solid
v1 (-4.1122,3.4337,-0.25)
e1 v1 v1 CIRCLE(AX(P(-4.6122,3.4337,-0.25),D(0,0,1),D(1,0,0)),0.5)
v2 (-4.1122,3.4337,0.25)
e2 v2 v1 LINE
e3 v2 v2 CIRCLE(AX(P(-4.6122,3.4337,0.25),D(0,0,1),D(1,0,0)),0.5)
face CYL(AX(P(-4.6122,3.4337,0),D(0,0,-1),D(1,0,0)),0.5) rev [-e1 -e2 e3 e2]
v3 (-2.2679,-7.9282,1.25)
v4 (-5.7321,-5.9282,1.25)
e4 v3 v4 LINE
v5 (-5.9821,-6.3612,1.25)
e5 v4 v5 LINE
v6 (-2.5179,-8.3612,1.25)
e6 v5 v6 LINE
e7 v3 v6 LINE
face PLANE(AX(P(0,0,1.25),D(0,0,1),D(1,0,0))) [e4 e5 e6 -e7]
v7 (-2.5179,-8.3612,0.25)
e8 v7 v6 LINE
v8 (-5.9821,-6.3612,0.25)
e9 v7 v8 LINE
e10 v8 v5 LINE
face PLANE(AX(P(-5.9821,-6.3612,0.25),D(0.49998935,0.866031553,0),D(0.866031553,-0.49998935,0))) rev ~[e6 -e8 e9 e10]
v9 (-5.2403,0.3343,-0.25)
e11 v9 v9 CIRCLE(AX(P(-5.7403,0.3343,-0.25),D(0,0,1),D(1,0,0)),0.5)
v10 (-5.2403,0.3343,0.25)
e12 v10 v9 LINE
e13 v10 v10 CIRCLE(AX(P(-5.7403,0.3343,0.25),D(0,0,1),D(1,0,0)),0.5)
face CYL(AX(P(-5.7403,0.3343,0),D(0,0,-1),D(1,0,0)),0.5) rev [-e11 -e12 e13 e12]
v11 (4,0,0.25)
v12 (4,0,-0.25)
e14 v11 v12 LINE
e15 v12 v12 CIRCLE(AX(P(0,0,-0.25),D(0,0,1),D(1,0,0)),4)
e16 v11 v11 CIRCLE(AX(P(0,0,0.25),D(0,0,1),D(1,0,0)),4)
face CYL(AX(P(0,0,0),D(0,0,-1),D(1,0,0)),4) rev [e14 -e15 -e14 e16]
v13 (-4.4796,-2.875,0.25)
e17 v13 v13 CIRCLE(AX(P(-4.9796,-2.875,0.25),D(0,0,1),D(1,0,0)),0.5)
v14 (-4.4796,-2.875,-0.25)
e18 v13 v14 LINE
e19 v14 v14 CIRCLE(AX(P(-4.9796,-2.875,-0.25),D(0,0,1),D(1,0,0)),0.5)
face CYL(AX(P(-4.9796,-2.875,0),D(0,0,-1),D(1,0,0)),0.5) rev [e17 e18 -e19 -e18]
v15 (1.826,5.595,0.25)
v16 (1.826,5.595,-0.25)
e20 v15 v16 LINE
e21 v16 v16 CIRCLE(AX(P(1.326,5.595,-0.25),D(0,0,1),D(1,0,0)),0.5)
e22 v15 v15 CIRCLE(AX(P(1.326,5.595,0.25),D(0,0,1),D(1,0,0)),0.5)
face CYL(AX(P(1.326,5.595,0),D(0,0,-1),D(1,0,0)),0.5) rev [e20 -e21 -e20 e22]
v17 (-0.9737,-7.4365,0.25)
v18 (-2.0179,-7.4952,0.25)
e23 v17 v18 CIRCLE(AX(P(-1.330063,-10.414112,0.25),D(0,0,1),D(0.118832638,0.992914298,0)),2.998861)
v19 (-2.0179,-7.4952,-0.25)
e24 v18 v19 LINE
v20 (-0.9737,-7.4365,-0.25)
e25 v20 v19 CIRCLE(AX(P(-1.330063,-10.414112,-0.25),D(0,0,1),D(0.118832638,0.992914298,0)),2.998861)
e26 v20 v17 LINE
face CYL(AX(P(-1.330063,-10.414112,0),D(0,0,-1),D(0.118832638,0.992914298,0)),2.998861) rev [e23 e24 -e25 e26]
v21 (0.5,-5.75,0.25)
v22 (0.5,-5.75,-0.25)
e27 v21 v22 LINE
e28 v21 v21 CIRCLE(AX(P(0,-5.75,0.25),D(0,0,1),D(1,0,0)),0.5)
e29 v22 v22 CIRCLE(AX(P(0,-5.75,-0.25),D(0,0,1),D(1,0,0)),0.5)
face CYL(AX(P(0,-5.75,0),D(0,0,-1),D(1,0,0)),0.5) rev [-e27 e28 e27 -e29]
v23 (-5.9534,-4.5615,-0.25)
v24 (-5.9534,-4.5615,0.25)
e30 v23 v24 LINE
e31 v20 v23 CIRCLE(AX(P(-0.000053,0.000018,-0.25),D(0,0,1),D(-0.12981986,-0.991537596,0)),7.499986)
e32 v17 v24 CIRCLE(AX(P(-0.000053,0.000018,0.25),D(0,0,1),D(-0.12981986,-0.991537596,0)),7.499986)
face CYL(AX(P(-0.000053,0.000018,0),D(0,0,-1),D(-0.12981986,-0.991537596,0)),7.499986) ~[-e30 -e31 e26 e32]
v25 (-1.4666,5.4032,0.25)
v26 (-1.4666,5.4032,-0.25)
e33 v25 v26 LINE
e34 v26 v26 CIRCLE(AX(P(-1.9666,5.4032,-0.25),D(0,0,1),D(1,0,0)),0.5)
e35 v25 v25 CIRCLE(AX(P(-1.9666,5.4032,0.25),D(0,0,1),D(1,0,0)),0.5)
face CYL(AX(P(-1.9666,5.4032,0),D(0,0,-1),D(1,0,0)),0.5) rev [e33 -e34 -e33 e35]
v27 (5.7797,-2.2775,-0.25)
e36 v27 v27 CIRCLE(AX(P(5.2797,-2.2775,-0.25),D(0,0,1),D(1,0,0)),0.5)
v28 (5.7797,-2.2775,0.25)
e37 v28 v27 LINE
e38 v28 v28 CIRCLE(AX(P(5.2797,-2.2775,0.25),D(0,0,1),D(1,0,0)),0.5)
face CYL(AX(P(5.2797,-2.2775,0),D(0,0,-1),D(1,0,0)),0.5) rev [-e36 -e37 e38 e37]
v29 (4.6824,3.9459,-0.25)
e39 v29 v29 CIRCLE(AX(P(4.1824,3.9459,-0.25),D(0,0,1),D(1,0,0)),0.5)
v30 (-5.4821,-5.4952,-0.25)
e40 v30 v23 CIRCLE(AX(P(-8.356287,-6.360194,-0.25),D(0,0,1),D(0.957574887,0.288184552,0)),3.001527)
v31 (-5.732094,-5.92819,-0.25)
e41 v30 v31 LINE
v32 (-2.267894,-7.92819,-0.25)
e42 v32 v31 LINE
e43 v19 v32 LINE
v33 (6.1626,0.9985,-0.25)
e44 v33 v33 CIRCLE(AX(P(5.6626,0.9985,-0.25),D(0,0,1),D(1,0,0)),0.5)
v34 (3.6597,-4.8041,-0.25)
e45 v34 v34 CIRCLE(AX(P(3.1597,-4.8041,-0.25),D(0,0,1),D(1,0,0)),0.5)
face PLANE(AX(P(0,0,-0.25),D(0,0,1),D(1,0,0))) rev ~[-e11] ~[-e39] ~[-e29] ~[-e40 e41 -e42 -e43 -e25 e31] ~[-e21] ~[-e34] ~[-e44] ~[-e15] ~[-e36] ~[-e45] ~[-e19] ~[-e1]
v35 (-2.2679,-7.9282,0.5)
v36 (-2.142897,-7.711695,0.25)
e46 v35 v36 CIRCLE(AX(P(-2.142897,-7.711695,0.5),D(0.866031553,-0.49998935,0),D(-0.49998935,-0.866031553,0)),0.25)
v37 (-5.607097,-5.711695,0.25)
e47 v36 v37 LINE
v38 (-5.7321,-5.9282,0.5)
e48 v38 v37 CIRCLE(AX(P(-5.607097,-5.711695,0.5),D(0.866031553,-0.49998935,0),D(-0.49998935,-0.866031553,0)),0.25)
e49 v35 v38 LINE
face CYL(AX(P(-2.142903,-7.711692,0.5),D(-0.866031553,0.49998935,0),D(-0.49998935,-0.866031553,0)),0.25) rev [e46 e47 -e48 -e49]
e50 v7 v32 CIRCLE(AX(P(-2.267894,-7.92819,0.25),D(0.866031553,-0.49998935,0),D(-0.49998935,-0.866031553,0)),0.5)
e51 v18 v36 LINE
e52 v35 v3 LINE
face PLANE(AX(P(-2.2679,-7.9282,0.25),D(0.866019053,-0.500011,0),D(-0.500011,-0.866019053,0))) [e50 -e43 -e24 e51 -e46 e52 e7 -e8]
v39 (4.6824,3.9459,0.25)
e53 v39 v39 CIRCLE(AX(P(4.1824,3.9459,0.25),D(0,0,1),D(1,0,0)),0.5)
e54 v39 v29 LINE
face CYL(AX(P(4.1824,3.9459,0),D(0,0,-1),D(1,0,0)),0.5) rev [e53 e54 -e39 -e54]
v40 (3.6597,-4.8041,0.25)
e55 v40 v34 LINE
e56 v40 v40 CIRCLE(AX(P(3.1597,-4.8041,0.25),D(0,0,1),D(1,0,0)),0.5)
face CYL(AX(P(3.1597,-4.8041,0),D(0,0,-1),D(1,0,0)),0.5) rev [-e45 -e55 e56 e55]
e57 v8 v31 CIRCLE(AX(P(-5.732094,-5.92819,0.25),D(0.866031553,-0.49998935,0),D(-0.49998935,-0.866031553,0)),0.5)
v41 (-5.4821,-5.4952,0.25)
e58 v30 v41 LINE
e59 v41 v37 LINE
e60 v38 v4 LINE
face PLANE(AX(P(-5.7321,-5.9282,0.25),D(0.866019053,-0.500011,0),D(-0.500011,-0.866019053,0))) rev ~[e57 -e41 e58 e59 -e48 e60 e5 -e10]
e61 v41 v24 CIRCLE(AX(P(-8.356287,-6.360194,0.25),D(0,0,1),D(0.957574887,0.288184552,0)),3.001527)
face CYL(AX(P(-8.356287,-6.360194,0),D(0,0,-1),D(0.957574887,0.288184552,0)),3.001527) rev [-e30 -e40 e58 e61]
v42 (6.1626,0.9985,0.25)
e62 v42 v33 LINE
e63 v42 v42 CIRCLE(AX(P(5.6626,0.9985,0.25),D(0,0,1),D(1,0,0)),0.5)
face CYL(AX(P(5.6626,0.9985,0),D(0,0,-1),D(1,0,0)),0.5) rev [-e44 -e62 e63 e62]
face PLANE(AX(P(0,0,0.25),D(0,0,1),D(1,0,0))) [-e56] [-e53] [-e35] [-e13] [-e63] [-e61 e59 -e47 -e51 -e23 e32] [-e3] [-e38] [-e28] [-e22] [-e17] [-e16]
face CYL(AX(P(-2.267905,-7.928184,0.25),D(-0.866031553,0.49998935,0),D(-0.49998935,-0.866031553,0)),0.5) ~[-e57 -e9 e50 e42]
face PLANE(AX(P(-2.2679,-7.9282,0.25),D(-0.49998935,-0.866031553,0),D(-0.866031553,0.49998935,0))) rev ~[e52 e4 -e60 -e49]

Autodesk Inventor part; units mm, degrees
ref_plane "YZ Plane" through (0, 0, 0) normal (1, 0, 0) x (0, 1, 0)
ref_plane "XZ Plane" through (0, 0, 0) normal (0, 1, 0) x (-1, 0, 0)
ref_plane "XY Plane" through (0, 0, 0) normal (0, 0, 1) x (1, 0, 0)
sketch "Szkic1" plane through (0, 0, 0) normal (0, 0, 1) x (1, 0, 0)
  arc A0 (-0.9737, -7.4365) -> (-5.9534, -4.5615) centre (0, 0) ccw
  circle A1 centre (0, 0) radius 4
  circle A2 centre (0, -5.75) radius 0.5
  circle A3 centre (3.1597, -4.8041) radius 0.5
  circle A4 centre (5.2797, -2.2775) radius 0.5
  circle A5 centre (5.6626, 0.9985) radius 0.5
  circle A6 centre (4.1824, 3.9459) radius 0.5
  circle A7 centre (1.326, 5.595) radius 0.5
  circle A8 centre (-1.9666, 5.4032) radius 0.5
  circle A9 centre (-4.6122, 3.4337) radius 0.5
  circle A10 centre (-5.7403, 0.3343) radius 0.5
  circle A11 centre (-4.9796, -2.875) radius 0.5
  arc A12 (-5.4821, -5.4952) -> (-5.9534, -4.5615) centre (-8.3548, -6.3596) ccw
  arc A13 (-0.9737, -7.4365) -> (-2.0179, -7.4952) centre (-1.3301, -10.4153) ccw
  line L0 (-5.4821, -5.4952) -> (-5.9821, -6.3612)
  line L1 (-2.0179, -7.4952) -> (-2.5179, -8.3612)
  line L2 (-2.5179, -8.3612) -> (-5.9821, -6.3612)
  dimension "d0" = 15
  dimension "d1" = 8
  dimension "d2" = 1
  dimension "d5" = 300
extrude "Wyciągnięcie proste1" add sketch "Szkic1" along normal mid plane 0.5
sketch "Szkic2" plane through (0, 0, 0.25) normal (0, 0, 1) x (1, 0, 0)
  line L0 (-5.9821, -6.3612) -> (-2.5179, -8.3612)
  line L1 (-2.2679, -7.9282) -> (-5.7321, -5.9282)
  line L2 (-5.7321, -5.9282) -> (-5.9821, -6.3612)
  line L3 (-2.2679, -7.9282) -> (-2.5179, -8.3612)
extrude "Wyciągnięcie proste2" add sketch "Szkic2" along normal blind 1
fillet "Zaokrąglenie1" radius 0.5 1 edges at (-4.25, -7.3612, -0.25)
fillet "Zaokrąglenie2" radius 0.25 1 edges at (-4, -6.9282, 0.25)
properties part number "SŁONECZKO MAŁE Z BLOKADĄ" material "Stal"
